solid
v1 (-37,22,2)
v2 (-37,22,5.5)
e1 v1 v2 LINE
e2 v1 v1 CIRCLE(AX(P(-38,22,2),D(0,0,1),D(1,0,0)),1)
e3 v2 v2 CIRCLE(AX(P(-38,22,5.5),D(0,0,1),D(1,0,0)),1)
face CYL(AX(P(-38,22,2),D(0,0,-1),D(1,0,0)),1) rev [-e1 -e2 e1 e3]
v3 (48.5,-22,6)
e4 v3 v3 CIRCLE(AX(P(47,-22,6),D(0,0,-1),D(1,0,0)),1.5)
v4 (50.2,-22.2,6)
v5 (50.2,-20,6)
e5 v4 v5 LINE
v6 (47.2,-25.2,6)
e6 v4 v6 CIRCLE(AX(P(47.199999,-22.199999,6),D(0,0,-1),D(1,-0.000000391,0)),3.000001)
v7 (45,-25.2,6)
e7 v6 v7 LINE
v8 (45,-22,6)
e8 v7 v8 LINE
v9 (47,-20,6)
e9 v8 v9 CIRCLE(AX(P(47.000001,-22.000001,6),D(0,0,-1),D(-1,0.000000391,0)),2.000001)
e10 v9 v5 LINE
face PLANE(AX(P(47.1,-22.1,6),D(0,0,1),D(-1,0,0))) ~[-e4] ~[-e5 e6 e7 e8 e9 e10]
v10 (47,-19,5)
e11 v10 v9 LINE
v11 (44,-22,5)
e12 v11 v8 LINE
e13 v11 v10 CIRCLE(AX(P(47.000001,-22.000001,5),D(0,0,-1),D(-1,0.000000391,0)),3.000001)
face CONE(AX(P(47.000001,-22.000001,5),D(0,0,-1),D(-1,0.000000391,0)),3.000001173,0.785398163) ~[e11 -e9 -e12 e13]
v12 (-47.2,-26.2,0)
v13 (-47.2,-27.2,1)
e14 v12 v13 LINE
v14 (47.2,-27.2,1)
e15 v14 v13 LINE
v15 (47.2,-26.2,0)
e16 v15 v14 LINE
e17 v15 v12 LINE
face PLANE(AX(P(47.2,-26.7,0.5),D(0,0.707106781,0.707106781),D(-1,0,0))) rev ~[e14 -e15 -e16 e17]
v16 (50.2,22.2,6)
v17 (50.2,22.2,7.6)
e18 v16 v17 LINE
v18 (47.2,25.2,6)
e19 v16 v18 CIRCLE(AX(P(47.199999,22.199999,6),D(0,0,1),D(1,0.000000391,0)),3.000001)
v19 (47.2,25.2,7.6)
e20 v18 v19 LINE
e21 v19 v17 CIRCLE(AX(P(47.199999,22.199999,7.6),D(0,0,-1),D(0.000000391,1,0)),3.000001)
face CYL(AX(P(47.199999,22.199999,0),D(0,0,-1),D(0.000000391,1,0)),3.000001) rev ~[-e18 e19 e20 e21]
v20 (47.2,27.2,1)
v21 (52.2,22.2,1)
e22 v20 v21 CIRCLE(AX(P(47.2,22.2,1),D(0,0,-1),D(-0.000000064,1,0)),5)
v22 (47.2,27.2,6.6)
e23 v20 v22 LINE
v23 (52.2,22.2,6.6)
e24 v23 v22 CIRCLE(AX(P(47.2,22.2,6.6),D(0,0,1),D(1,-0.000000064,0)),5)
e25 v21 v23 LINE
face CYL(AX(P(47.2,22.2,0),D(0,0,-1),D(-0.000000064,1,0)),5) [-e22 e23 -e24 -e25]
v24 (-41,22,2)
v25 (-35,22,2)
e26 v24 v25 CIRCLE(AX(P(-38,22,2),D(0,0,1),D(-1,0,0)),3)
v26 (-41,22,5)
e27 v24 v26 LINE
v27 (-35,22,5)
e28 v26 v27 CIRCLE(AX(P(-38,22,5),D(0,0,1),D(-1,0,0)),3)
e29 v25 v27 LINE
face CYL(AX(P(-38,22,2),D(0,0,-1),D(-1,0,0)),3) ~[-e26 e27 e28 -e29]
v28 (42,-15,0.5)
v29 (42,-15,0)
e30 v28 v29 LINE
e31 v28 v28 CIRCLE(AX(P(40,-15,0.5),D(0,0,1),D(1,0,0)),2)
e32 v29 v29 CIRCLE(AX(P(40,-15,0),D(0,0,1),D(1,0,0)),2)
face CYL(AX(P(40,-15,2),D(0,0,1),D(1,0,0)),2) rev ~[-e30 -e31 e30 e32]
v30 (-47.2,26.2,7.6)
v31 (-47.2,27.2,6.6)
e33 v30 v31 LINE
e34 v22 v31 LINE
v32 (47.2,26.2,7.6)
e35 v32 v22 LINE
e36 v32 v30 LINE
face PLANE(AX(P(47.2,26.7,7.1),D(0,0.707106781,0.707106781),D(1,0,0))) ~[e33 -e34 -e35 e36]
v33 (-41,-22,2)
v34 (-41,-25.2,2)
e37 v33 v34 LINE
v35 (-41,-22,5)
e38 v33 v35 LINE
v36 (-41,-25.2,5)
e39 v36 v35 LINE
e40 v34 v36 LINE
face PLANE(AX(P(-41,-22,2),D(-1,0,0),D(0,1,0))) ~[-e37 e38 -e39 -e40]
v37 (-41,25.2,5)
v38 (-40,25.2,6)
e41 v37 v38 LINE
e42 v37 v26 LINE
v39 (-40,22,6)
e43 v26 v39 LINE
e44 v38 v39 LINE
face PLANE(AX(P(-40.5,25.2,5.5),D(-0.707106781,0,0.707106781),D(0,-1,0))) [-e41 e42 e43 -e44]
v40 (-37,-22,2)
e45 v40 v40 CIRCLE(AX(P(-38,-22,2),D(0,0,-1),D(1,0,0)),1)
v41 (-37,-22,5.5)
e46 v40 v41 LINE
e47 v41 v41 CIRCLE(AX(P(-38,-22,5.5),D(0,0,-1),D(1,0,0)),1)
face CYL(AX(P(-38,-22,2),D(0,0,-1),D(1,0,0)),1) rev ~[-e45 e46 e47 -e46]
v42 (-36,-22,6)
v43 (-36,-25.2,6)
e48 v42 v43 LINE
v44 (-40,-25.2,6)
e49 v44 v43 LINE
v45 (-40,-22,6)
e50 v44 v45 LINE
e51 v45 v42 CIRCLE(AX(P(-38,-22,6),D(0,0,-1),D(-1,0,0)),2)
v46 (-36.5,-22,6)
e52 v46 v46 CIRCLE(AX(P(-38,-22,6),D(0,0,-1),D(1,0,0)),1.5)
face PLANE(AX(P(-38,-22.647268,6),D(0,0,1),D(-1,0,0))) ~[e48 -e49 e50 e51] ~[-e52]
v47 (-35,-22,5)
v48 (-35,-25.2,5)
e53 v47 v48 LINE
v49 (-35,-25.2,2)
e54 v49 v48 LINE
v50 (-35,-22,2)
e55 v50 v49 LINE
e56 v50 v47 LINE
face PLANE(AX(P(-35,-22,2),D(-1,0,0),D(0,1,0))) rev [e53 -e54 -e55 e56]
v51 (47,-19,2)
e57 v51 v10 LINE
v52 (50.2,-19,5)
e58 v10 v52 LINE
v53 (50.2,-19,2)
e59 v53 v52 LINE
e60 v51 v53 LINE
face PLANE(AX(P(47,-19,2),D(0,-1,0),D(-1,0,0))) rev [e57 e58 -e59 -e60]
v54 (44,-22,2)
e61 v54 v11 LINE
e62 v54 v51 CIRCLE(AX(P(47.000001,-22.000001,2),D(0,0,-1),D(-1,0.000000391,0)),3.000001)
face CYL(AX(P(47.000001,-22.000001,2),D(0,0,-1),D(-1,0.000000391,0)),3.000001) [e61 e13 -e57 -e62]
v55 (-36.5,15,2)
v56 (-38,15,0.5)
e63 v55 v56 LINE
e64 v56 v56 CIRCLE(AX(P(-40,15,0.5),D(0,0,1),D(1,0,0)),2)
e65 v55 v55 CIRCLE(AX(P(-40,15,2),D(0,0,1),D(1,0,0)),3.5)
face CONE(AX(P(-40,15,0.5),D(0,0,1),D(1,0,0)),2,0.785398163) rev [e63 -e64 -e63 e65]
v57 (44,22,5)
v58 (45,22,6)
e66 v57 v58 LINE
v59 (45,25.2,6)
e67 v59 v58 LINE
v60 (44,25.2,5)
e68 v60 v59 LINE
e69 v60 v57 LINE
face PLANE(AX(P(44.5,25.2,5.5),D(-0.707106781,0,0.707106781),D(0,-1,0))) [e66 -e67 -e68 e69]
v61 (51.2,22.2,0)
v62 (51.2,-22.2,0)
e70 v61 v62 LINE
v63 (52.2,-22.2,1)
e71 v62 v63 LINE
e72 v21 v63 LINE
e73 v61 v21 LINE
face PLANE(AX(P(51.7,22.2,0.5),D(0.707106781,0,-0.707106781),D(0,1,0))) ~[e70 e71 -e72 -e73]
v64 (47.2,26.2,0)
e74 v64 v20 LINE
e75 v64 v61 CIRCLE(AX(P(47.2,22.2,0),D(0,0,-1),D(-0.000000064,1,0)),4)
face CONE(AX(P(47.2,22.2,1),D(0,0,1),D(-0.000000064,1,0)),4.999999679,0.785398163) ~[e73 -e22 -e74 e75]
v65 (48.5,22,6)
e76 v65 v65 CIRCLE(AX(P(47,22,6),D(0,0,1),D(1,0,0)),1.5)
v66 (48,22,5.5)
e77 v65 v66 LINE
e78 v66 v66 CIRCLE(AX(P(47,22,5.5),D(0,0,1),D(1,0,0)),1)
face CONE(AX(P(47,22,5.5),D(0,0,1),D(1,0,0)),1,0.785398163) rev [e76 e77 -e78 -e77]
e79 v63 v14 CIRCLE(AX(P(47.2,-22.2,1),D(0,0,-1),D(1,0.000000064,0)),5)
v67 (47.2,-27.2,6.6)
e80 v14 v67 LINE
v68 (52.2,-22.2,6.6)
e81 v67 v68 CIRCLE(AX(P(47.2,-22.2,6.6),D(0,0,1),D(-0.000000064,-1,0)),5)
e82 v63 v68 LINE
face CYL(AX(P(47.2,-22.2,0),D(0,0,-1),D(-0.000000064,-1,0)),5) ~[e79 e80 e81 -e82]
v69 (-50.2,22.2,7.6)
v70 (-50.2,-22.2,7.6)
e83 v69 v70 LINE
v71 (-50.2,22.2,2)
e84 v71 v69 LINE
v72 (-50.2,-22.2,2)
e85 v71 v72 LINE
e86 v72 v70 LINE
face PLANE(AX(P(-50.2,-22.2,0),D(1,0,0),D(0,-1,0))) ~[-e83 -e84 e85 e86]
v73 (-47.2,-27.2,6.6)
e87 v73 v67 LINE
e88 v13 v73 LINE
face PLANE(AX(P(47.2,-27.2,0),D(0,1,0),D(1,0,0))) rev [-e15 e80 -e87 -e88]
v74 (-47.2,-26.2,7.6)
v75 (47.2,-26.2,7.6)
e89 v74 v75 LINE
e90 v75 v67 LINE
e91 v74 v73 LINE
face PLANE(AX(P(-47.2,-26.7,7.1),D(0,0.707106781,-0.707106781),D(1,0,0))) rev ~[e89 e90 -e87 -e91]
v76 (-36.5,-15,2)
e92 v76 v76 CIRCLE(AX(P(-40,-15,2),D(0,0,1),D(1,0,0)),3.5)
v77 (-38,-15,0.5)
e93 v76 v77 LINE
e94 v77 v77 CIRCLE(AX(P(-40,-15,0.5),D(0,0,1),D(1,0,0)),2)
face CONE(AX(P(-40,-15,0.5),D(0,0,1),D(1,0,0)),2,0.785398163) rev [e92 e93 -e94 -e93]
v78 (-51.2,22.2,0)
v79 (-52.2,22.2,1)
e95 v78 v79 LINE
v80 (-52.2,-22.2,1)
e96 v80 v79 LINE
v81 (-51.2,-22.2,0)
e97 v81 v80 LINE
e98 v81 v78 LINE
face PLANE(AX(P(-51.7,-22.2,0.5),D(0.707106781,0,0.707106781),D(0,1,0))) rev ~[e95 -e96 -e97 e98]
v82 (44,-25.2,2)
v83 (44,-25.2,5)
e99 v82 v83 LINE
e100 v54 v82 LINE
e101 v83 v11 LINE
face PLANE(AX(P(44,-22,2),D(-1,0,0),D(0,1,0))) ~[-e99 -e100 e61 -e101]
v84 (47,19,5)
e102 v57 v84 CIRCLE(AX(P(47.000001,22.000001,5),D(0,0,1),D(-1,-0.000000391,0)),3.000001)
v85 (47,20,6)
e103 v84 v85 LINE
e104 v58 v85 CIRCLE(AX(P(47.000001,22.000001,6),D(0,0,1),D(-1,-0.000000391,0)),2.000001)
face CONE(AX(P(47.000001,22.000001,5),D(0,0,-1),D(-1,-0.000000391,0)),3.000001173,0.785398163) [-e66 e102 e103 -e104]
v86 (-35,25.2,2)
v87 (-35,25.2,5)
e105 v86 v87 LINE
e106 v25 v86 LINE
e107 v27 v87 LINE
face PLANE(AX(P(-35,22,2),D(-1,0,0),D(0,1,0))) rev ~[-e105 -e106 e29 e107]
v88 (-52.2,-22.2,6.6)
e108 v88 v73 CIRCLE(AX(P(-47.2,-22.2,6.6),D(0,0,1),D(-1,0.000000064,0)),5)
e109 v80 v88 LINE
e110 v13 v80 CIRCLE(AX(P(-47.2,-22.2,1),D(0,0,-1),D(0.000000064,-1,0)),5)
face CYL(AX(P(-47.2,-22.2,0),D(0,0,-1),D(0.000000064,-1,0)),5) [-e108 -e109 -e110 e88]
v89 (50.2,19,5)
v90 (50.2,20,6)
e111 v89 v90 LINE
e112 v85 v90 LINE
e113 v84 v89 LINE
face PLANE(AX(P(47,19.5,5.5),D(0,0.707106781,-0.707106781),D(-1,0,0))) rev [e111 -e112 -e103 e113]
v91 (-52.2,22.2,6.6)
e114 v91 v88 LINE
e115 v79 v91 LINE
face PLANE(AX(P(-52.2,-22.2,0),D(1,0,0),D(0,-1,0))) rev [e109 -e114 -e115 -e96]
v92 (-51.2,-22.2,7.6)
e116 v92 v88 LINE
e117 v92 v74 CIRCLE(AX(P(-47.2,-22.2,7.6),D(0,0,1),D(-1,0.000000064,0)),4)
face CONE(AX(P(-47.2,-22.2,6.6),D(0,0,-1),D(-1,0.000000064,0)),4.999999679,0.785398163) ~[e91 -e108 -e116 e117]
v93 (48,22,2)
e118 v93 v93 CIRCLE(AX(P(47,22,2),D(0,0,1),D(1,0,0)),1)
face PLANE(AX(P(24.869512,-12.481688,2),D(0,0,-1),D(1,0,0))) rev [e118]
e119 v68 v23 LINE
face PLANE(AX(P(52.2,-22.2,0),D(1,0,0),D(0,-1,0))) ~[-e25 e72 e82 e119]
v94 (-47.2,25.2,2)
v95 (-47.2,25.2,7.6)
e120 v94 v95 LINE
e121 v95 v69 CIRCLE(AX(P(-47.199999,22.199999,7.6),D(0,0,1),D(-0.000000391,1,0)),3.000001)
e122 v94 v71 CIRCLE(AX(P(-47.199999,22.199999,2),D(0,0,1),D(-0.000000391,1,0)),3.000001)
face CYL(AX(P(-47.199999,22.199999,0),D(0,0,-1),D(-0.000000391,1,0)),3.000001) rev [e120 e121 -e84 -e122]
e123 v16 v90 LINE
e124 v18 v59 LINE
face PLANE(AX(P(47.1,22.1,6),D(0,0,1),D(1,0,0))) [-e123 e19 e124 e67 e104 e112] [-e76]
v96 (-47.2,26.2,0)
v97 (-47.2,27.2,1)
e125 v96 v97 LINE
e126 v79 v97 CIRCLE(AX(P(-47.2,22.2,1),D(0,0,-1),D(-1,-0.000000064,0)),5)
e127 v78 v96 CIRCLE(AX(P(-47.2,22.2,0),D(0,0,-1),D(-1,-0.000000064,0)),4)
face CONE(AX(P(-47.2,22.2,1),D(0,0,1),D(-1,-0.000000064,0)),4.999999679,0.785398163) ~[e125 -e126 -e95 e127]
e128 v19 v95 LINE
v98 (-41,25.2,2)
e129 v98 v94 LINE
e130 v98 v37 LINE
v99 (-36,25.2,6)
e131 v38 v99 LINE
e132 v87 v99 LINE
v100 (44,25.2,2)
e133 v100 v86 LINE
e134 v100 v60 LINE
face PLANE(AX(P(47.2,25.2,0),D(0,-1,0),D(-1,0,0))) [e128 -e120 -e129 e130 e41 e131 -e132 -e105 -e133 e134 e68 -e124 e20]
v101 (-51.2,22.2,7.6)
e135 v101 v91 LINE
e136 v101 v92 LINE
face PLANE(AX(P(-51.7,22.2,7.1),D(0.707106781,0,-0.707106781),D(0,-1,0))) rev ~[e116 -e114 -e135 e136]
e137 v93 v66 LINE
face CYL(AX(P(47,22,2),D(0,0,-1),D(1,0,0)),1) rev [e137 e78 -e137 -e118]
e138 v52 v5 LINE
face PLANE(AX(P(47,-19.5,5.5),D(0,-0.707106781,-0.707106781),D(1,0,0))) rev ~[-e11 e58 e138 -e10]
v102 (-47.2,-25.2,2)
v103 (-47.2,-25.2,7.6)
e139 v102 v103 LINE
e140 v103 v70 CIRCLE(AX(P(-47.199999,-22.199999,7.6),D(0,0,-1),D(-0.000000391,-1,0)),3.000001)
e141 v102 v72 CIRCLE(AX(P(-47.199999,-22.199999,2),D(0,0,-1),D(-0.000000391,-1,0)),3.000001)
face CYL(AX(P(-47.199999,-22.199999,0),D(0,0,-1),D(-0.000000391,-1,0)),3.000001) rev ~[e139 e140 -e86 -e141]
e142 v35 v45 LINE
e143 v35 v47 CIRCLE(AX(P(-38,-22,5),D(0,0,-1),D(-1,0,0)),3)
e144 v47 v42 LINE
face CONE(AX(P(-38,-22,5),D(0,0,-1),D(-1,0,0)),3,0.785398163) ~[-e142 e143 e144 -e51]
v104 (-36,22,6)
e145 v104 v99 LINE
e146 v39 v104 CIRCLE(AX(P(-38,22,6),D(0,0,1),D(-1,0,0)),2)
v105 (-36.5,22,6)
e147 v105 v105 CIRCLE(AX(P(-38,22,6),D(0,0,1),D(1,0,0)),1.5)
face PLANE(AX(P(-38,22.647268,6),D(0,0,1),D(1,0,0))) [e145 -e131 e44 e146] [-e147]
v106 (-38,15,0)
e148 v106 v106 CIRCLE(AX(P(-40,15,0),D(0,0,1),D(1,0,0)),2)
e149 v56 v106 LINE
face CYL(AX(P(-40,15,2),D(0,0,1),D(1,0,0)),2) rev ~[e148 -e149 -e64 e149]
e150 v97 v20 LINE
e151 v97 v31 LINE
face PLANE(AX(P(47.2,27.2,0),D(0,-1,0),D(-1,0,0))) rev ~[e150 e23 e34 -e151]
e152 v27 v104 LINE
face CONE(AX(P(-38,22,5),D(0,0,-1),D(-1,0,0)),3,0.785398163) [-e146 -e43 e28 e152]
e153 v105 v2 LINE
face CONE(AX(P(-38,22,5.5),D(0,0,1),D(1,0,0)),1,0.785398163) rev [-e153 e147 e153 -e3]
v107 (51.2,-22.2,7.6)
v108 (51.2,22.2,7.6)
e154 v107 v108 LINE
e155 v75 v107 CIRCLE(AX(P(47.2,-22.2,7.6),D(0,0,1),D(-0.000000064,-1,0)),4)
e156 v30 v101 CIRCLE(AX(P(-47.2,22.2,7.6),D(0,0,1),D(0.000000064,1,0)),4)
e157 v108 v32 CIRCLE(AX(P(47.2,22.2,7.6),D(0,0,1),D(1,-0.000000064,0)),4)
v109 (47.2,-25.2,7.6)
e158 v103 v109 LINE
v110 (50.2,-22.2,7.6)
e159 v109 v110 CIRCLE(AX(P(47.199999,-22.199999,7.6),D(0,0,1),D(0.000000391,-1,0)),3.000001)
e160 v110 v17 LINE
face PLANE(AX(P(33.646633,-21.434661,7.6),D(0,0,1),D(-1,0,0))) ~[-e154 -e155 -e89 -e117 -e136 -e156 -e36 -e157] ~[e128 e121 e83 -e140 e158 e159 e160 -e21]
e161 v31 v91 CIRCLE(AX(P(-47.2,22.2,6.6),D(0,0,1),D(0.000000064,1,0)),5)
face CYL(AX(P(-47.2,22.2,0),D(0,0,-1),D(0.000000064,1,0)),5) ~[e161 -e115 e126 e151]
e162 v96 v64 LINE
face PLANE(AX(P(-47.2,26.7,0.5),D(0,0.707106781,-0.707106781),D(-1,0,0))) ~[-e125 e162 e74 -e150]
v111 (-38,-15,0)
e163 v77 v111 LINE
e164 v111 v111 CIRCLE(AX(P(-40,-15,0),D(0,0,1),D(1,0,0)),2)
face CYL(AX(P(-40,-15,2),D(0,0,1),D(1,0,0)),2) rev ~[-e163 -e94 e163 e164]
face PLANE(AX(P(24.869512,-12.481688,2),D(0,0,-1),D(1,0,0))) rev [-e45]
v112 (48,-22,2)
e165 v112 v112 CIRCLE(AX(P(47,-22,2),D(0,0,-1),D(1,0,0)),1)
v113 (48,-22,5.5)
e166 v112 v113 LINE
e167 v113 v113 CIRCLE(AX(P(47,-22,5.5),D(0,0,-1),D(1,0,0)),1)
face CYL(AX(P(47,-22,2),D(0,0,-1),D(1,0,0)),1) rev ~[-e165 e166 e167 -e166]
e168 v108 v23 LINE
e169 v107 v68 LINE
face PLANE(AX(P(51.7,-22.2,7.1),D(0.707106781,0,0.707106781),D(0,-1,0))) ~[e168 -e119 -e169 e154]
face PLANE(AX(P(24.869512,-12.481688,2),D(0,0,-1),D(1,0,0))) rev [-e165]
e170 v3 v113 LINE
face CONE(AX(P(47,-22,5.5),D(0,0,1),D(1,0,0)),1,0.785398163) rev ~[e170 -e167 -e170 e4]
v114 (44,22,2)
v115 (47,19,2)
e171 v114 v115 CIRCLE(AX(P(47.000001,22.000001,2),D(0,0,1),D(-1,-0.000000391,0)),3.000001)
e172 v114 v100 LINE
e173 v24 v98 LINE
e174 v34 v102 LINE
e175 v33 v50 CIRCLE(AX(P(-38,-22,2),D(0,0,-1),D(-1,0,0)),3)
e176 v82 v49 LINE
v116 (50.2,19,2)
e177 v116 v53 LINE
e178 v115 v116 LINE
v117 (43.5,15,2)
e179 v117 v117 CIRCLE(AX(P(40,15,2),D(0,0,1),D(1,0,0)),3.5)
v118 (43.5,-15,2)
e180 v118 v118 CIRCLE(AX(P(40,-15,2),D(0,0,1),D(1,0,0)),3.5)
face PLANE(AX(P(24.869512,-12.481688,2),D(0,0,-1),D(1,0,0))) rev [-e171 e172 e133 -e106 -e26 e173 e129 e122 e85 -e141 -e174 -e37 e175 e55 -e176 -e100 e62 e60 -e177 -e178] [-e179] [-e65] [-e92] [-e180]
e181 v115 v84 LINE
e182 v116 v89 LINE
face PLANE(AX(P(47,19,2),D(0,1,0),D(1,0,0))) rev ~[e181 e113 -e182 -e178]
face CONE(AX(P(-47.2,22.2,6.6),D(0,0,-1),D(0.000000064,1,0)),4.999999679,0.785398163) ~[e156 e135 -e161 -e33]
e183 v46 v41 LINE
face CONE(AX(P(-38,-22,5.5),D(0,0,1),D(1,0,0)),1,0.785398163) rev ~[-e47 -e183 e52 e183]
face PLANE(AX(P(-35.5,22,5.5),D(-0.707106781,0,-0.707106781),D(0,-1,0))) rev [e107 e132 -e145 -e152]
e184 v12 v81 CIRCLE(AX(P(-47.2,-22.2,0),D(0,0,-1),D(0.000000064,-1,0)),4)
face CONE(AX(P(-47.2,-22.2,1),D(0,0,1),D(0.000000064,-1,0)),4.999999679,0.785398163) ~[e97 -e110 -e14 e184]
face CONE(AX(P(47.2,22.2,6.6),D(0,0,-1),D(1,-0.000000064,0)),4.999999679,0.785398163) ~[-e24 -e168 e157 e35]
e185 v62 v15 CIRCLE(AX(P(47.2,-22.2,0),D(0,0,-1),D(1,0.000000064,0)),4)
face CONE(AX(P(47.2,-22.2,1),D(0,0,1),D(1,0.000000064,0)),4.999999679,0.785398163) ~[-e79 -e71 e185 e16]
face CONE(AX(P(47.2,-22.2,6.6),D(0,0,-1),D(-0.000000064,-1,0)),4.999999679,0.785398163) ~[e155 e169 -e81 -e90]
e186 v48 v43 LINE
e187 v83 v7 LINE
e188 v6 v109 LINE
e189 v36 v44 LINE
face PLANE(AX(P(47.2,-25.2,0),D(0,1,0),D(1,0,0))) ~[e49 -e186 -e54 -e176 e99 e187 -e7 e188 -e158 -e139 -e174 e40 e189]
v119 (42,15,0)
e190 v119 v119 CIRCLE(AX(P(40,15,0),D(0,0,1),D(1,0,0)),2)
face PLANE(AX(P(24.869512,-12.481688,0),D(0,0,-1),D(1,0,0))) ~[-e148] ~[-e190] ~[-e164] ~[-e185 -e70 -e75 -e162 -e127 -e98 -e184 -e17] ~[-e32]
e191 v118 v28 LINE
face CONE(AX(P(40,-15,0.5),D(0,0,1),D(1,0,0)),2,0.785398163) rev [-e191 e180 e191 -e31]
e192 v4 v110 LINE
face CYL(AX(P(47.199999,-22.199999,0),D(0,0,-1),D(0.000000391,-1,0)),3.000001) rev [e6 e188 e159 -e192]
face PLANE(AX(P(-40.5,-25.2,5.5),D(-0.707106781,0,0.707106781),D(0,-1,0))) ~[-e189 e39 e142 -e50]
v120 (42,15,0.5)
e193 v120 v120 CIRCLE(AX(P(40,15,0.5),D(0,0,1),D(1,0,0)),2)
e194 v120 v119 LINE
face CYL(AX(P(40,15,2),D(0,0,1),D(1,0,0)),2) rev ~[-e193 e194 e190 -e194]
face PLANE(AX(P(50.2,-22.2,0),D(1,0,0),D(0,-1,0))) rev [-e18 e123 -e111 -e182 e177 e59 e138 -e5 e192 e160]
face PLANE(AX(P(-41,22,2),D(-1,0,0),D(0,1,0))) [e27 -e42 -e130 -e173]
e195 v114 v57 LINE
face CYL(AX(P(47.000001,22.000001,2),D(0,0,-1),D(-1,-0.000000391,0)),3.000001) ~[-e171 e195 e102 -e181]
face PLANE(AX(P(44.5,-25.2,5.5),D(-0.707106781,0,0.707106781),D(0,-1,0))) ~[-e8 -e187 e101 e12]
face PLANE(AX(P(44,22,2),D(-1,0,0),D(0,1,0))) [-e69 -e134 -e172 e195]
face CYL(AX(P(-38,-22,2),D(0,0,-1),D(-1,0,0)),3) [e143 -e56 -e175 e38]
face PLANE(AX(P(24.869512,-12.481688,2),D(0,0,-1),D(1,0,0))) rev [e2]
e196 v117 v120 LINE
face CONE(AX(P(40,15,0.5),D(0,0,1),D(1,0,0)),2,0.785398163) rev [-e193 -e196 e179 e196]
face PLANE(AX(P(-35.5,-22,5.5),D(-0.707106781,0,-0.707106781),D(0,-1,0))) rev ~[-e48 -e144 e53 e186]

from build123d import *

# Parameters (mm, degrees)
PAD_DEPTH                  = 7.6
PAD_MIRRORED_2_DEPTH       = 7.6
PAD001_DEPTH               = 2
PAD001_MIRRORED002_2_DEPTH = 2
SKETCH002_R                = 1
PAD002_DEPTH               = 4
SKETCH003_R                = 2
POCKET073_DEPTH            = 5
CHAMFER035_SIZE            = 1
CHAMFER036_SIZE            = 1
CHAMFER037_SIZE            = 0.5
CHAMFER038_SIZE            = 1.5


with BuildPart() as part:
    # Sketch → Pad (new body)
    with BuildSketch(Plane.XY):
        with BuildLine():
            ThreePointArc((-47.2, 25.2), (-49.32132, 24.32132), (-50.2, 22.2))
            Line((-50.2, 22.2), (-50.2, 0))
            Line((-52.2, 0), (-50.2, 0))
            Line((-52.2, 22.2), (-52.2, 0))
            ThreePointArc((-47.2, 27.2), (-50.735534, 25.735534), (-52.2, 22.2))
            Line((-47.2, 27.2), (0, 27.2))
            Line((0, 27.2), (0, 25.2))
            Line((-47.2, 25.2), (0, 25.2))
        make_face()
    pad = extrude(amount=PAD_DEPTH)

    # Sketch Mirrored 2 → Pad Mirrored 2 (add)
    with BuildSketch(Plane(origin=(0, 0, 0), x_dir=(-1, 0, 0), z_dir=(0, 0, -1))):
        with BuildLine():
            ThreePointArc((-47.2, 25.2), (-49.32132, 24.32132), (-50.2, 22.2))
            Line((-50.2, 22.2), (-50.2, 0))
            Line((-52.2, 0), (-50.2, 0))
            Line((-52.2, 22.2), (-52.2, 0))
            ThreePointArc((-47.2, 27.2), (-50.735534, 25.735534), (-52.2, 22.2))
            Line((-47.2, 27.2), (0, 27.2))
            Line((0, 27.2), (0, 25.2))
            Line((-47.2, 25.2), (0, 25.2))
        make_face()
    pad_mirrored_2 = extrude(amount=-PAD_MIRRORED_2_DEPTH)

    # Mirrored001: Pad, Pad Mirrored 2 across Sketch H_Axis
    add(pad.mirror(Plane.ZX))
    add(pad_mirrored_2.mirror(Plane.ZX))

    # Sketch001 → Pad001 (join)
    with BuildSketch(Plane.XY):
        with BuildLine():
            ThreePointArc((-47.2, 25.2), (-49.32132, 24.32132), (-50.2, 22.2))
            Line((-50.2, 22.2), (-50.2, 0))
            Line((-50.2, 0), (0, 0))
            Line((0, 0), (0, 25.2))
            Line((-47.2, 25.2), (0, 25.2))
        make_face()
    pad001 = extrude(amount=PAD001_DEPTH)

    # Sketch001 Mirrored002 2 → Pad001 Mirrored002 2 (add)
    with BuildSketch(Plane(origin=(0, 0, 0), x_dir=(-1, 0, 0), z_dir=(0, 0, -1))):
        with BuildLine():
            ThreePointArc((-47.2, 25.2), (-49.32132, 24.32132), (-50.2, 22.2))
            Line((-50.2, 22.2), (-50.2, 0))
            Line((-50.2, 0), (0, 0))
            Line((0, 0), (0, 25.2))
            Line((-47.2, 25.2), (0, 25.2))
        make_face()
    pad001_mirrored002_2 = extrude(amount=-PAD001_MIRRORED002_2_DEPTH)

    # Mirrored003: Pad001, Pad001 Mirrored002 2 across Sketch001 H_Axis
    add(pad001.mirror(Plane.ZX))
    add(pad001_mirrored002_2.mirror(Plane.ZX))

    # Sketch002 (on Face19 of MultiTransform001) → Pad002 (join)
    with BuildSketch(Plane.XY.offset(2)):
        with BuildLine():
            ThreePointArc((50.2, 22.2), (49.32132, 24.32132), (47.2, 25.2))
            Line((47.2, 25.2), (44, 25.2))
            Line((44, 22), (44, 25.2))
            ThreePointArc((44, 22), (44.87868, 19.87868), (47, 19))
            Line((47, 19), (50.2, 19))
            Line((50.2, 22.2), (50.2, 19))
        make_face()
        with Locations((47, 22)):
            Circle(SKETCH002_R, mode=Mode.SUBTRACT)
        with BuildLine():
            ThreePointArc((-41, 22), (-38, 19), (-35, 22))
            Line((-35, 22), (-35, 25.2))
            Line((-41, 25.2), (-35, 25.2))
            Line((-41, 22), (-41, 25.2))
        make_face()
        with Locations((-38, 22)):
            Circle(SKETCH002_R, mode=Mode.SUBTRACT)
    pad002 = extrude(amount=PAD002_DEPTH)

    # Mirrored004: Pad002 across Sketch002 H_Axis
    add(pad002.mirror(Plane(origin=(0, 0, 2), x_dir=(0, 0, 1), z_dir=(0, 1, 0))))

    # Sketch003 (on DatumPlane) → Pocket073 (cut)
    with BuildSketch(Plane.XY.offset(2)):
        with Locations((-40, 15)):
            Circle(SKETCH003_R)
        with Locations((40, 15)):
            Circle(SKETCH003_R)
        with Locations((40, -15)):
            Circle(SKETCH003_R)
        with Locations((-40, -15)):
            Circle(SKETCH003_R)
    extrude(amount=-POCKET073_DEPTH, mode=Mode.SUBTRACT)

    # Chamfer035
    chamfer035_edges = [part.edges().sort_by_distance(p)[0] for p in [
        (-35, 23.6, 6),
        (-35, -23.6, 6),
        (48.6, 19, 6),
        (48.6, -19, 6),
    ]]
    chamfer(chamfer035_edges, length=CHAMFER035_SIZE)

    # Chamfer036
    chamfer036_edges = [part.edges().sort_by_distance(p)[0] for p in [
        (0, -27.2, 7.6),
        (0, -27.2, 0),
    ]]
    chamfer(chamfer036_edges, length=CHAMFER036_SIZE)

    # Chamfer037
    chamfer037_edges = [part.edges().sort_by_distance(p)[0] for p in [
        (-39, 22, 6),
        (-39, -22, 6),
        (46, -22, 6),
        (46, 22, 6),
    ]]
    chamfer(chamfer037_edges, length=CHAMFER037_SIZE)

    # Chamfer038
    chamfer038_edges = [part.edges().sort_by_distance(p)[0] for p in [
        (-42, 15, 2),
        (38, 15, 2),
        (38, -15, 2),
        (-42, -15, 2),
    ]]
    chamfer(chamfer038_edges, length=CHAMFER038_SIZE)


solid = part.part
